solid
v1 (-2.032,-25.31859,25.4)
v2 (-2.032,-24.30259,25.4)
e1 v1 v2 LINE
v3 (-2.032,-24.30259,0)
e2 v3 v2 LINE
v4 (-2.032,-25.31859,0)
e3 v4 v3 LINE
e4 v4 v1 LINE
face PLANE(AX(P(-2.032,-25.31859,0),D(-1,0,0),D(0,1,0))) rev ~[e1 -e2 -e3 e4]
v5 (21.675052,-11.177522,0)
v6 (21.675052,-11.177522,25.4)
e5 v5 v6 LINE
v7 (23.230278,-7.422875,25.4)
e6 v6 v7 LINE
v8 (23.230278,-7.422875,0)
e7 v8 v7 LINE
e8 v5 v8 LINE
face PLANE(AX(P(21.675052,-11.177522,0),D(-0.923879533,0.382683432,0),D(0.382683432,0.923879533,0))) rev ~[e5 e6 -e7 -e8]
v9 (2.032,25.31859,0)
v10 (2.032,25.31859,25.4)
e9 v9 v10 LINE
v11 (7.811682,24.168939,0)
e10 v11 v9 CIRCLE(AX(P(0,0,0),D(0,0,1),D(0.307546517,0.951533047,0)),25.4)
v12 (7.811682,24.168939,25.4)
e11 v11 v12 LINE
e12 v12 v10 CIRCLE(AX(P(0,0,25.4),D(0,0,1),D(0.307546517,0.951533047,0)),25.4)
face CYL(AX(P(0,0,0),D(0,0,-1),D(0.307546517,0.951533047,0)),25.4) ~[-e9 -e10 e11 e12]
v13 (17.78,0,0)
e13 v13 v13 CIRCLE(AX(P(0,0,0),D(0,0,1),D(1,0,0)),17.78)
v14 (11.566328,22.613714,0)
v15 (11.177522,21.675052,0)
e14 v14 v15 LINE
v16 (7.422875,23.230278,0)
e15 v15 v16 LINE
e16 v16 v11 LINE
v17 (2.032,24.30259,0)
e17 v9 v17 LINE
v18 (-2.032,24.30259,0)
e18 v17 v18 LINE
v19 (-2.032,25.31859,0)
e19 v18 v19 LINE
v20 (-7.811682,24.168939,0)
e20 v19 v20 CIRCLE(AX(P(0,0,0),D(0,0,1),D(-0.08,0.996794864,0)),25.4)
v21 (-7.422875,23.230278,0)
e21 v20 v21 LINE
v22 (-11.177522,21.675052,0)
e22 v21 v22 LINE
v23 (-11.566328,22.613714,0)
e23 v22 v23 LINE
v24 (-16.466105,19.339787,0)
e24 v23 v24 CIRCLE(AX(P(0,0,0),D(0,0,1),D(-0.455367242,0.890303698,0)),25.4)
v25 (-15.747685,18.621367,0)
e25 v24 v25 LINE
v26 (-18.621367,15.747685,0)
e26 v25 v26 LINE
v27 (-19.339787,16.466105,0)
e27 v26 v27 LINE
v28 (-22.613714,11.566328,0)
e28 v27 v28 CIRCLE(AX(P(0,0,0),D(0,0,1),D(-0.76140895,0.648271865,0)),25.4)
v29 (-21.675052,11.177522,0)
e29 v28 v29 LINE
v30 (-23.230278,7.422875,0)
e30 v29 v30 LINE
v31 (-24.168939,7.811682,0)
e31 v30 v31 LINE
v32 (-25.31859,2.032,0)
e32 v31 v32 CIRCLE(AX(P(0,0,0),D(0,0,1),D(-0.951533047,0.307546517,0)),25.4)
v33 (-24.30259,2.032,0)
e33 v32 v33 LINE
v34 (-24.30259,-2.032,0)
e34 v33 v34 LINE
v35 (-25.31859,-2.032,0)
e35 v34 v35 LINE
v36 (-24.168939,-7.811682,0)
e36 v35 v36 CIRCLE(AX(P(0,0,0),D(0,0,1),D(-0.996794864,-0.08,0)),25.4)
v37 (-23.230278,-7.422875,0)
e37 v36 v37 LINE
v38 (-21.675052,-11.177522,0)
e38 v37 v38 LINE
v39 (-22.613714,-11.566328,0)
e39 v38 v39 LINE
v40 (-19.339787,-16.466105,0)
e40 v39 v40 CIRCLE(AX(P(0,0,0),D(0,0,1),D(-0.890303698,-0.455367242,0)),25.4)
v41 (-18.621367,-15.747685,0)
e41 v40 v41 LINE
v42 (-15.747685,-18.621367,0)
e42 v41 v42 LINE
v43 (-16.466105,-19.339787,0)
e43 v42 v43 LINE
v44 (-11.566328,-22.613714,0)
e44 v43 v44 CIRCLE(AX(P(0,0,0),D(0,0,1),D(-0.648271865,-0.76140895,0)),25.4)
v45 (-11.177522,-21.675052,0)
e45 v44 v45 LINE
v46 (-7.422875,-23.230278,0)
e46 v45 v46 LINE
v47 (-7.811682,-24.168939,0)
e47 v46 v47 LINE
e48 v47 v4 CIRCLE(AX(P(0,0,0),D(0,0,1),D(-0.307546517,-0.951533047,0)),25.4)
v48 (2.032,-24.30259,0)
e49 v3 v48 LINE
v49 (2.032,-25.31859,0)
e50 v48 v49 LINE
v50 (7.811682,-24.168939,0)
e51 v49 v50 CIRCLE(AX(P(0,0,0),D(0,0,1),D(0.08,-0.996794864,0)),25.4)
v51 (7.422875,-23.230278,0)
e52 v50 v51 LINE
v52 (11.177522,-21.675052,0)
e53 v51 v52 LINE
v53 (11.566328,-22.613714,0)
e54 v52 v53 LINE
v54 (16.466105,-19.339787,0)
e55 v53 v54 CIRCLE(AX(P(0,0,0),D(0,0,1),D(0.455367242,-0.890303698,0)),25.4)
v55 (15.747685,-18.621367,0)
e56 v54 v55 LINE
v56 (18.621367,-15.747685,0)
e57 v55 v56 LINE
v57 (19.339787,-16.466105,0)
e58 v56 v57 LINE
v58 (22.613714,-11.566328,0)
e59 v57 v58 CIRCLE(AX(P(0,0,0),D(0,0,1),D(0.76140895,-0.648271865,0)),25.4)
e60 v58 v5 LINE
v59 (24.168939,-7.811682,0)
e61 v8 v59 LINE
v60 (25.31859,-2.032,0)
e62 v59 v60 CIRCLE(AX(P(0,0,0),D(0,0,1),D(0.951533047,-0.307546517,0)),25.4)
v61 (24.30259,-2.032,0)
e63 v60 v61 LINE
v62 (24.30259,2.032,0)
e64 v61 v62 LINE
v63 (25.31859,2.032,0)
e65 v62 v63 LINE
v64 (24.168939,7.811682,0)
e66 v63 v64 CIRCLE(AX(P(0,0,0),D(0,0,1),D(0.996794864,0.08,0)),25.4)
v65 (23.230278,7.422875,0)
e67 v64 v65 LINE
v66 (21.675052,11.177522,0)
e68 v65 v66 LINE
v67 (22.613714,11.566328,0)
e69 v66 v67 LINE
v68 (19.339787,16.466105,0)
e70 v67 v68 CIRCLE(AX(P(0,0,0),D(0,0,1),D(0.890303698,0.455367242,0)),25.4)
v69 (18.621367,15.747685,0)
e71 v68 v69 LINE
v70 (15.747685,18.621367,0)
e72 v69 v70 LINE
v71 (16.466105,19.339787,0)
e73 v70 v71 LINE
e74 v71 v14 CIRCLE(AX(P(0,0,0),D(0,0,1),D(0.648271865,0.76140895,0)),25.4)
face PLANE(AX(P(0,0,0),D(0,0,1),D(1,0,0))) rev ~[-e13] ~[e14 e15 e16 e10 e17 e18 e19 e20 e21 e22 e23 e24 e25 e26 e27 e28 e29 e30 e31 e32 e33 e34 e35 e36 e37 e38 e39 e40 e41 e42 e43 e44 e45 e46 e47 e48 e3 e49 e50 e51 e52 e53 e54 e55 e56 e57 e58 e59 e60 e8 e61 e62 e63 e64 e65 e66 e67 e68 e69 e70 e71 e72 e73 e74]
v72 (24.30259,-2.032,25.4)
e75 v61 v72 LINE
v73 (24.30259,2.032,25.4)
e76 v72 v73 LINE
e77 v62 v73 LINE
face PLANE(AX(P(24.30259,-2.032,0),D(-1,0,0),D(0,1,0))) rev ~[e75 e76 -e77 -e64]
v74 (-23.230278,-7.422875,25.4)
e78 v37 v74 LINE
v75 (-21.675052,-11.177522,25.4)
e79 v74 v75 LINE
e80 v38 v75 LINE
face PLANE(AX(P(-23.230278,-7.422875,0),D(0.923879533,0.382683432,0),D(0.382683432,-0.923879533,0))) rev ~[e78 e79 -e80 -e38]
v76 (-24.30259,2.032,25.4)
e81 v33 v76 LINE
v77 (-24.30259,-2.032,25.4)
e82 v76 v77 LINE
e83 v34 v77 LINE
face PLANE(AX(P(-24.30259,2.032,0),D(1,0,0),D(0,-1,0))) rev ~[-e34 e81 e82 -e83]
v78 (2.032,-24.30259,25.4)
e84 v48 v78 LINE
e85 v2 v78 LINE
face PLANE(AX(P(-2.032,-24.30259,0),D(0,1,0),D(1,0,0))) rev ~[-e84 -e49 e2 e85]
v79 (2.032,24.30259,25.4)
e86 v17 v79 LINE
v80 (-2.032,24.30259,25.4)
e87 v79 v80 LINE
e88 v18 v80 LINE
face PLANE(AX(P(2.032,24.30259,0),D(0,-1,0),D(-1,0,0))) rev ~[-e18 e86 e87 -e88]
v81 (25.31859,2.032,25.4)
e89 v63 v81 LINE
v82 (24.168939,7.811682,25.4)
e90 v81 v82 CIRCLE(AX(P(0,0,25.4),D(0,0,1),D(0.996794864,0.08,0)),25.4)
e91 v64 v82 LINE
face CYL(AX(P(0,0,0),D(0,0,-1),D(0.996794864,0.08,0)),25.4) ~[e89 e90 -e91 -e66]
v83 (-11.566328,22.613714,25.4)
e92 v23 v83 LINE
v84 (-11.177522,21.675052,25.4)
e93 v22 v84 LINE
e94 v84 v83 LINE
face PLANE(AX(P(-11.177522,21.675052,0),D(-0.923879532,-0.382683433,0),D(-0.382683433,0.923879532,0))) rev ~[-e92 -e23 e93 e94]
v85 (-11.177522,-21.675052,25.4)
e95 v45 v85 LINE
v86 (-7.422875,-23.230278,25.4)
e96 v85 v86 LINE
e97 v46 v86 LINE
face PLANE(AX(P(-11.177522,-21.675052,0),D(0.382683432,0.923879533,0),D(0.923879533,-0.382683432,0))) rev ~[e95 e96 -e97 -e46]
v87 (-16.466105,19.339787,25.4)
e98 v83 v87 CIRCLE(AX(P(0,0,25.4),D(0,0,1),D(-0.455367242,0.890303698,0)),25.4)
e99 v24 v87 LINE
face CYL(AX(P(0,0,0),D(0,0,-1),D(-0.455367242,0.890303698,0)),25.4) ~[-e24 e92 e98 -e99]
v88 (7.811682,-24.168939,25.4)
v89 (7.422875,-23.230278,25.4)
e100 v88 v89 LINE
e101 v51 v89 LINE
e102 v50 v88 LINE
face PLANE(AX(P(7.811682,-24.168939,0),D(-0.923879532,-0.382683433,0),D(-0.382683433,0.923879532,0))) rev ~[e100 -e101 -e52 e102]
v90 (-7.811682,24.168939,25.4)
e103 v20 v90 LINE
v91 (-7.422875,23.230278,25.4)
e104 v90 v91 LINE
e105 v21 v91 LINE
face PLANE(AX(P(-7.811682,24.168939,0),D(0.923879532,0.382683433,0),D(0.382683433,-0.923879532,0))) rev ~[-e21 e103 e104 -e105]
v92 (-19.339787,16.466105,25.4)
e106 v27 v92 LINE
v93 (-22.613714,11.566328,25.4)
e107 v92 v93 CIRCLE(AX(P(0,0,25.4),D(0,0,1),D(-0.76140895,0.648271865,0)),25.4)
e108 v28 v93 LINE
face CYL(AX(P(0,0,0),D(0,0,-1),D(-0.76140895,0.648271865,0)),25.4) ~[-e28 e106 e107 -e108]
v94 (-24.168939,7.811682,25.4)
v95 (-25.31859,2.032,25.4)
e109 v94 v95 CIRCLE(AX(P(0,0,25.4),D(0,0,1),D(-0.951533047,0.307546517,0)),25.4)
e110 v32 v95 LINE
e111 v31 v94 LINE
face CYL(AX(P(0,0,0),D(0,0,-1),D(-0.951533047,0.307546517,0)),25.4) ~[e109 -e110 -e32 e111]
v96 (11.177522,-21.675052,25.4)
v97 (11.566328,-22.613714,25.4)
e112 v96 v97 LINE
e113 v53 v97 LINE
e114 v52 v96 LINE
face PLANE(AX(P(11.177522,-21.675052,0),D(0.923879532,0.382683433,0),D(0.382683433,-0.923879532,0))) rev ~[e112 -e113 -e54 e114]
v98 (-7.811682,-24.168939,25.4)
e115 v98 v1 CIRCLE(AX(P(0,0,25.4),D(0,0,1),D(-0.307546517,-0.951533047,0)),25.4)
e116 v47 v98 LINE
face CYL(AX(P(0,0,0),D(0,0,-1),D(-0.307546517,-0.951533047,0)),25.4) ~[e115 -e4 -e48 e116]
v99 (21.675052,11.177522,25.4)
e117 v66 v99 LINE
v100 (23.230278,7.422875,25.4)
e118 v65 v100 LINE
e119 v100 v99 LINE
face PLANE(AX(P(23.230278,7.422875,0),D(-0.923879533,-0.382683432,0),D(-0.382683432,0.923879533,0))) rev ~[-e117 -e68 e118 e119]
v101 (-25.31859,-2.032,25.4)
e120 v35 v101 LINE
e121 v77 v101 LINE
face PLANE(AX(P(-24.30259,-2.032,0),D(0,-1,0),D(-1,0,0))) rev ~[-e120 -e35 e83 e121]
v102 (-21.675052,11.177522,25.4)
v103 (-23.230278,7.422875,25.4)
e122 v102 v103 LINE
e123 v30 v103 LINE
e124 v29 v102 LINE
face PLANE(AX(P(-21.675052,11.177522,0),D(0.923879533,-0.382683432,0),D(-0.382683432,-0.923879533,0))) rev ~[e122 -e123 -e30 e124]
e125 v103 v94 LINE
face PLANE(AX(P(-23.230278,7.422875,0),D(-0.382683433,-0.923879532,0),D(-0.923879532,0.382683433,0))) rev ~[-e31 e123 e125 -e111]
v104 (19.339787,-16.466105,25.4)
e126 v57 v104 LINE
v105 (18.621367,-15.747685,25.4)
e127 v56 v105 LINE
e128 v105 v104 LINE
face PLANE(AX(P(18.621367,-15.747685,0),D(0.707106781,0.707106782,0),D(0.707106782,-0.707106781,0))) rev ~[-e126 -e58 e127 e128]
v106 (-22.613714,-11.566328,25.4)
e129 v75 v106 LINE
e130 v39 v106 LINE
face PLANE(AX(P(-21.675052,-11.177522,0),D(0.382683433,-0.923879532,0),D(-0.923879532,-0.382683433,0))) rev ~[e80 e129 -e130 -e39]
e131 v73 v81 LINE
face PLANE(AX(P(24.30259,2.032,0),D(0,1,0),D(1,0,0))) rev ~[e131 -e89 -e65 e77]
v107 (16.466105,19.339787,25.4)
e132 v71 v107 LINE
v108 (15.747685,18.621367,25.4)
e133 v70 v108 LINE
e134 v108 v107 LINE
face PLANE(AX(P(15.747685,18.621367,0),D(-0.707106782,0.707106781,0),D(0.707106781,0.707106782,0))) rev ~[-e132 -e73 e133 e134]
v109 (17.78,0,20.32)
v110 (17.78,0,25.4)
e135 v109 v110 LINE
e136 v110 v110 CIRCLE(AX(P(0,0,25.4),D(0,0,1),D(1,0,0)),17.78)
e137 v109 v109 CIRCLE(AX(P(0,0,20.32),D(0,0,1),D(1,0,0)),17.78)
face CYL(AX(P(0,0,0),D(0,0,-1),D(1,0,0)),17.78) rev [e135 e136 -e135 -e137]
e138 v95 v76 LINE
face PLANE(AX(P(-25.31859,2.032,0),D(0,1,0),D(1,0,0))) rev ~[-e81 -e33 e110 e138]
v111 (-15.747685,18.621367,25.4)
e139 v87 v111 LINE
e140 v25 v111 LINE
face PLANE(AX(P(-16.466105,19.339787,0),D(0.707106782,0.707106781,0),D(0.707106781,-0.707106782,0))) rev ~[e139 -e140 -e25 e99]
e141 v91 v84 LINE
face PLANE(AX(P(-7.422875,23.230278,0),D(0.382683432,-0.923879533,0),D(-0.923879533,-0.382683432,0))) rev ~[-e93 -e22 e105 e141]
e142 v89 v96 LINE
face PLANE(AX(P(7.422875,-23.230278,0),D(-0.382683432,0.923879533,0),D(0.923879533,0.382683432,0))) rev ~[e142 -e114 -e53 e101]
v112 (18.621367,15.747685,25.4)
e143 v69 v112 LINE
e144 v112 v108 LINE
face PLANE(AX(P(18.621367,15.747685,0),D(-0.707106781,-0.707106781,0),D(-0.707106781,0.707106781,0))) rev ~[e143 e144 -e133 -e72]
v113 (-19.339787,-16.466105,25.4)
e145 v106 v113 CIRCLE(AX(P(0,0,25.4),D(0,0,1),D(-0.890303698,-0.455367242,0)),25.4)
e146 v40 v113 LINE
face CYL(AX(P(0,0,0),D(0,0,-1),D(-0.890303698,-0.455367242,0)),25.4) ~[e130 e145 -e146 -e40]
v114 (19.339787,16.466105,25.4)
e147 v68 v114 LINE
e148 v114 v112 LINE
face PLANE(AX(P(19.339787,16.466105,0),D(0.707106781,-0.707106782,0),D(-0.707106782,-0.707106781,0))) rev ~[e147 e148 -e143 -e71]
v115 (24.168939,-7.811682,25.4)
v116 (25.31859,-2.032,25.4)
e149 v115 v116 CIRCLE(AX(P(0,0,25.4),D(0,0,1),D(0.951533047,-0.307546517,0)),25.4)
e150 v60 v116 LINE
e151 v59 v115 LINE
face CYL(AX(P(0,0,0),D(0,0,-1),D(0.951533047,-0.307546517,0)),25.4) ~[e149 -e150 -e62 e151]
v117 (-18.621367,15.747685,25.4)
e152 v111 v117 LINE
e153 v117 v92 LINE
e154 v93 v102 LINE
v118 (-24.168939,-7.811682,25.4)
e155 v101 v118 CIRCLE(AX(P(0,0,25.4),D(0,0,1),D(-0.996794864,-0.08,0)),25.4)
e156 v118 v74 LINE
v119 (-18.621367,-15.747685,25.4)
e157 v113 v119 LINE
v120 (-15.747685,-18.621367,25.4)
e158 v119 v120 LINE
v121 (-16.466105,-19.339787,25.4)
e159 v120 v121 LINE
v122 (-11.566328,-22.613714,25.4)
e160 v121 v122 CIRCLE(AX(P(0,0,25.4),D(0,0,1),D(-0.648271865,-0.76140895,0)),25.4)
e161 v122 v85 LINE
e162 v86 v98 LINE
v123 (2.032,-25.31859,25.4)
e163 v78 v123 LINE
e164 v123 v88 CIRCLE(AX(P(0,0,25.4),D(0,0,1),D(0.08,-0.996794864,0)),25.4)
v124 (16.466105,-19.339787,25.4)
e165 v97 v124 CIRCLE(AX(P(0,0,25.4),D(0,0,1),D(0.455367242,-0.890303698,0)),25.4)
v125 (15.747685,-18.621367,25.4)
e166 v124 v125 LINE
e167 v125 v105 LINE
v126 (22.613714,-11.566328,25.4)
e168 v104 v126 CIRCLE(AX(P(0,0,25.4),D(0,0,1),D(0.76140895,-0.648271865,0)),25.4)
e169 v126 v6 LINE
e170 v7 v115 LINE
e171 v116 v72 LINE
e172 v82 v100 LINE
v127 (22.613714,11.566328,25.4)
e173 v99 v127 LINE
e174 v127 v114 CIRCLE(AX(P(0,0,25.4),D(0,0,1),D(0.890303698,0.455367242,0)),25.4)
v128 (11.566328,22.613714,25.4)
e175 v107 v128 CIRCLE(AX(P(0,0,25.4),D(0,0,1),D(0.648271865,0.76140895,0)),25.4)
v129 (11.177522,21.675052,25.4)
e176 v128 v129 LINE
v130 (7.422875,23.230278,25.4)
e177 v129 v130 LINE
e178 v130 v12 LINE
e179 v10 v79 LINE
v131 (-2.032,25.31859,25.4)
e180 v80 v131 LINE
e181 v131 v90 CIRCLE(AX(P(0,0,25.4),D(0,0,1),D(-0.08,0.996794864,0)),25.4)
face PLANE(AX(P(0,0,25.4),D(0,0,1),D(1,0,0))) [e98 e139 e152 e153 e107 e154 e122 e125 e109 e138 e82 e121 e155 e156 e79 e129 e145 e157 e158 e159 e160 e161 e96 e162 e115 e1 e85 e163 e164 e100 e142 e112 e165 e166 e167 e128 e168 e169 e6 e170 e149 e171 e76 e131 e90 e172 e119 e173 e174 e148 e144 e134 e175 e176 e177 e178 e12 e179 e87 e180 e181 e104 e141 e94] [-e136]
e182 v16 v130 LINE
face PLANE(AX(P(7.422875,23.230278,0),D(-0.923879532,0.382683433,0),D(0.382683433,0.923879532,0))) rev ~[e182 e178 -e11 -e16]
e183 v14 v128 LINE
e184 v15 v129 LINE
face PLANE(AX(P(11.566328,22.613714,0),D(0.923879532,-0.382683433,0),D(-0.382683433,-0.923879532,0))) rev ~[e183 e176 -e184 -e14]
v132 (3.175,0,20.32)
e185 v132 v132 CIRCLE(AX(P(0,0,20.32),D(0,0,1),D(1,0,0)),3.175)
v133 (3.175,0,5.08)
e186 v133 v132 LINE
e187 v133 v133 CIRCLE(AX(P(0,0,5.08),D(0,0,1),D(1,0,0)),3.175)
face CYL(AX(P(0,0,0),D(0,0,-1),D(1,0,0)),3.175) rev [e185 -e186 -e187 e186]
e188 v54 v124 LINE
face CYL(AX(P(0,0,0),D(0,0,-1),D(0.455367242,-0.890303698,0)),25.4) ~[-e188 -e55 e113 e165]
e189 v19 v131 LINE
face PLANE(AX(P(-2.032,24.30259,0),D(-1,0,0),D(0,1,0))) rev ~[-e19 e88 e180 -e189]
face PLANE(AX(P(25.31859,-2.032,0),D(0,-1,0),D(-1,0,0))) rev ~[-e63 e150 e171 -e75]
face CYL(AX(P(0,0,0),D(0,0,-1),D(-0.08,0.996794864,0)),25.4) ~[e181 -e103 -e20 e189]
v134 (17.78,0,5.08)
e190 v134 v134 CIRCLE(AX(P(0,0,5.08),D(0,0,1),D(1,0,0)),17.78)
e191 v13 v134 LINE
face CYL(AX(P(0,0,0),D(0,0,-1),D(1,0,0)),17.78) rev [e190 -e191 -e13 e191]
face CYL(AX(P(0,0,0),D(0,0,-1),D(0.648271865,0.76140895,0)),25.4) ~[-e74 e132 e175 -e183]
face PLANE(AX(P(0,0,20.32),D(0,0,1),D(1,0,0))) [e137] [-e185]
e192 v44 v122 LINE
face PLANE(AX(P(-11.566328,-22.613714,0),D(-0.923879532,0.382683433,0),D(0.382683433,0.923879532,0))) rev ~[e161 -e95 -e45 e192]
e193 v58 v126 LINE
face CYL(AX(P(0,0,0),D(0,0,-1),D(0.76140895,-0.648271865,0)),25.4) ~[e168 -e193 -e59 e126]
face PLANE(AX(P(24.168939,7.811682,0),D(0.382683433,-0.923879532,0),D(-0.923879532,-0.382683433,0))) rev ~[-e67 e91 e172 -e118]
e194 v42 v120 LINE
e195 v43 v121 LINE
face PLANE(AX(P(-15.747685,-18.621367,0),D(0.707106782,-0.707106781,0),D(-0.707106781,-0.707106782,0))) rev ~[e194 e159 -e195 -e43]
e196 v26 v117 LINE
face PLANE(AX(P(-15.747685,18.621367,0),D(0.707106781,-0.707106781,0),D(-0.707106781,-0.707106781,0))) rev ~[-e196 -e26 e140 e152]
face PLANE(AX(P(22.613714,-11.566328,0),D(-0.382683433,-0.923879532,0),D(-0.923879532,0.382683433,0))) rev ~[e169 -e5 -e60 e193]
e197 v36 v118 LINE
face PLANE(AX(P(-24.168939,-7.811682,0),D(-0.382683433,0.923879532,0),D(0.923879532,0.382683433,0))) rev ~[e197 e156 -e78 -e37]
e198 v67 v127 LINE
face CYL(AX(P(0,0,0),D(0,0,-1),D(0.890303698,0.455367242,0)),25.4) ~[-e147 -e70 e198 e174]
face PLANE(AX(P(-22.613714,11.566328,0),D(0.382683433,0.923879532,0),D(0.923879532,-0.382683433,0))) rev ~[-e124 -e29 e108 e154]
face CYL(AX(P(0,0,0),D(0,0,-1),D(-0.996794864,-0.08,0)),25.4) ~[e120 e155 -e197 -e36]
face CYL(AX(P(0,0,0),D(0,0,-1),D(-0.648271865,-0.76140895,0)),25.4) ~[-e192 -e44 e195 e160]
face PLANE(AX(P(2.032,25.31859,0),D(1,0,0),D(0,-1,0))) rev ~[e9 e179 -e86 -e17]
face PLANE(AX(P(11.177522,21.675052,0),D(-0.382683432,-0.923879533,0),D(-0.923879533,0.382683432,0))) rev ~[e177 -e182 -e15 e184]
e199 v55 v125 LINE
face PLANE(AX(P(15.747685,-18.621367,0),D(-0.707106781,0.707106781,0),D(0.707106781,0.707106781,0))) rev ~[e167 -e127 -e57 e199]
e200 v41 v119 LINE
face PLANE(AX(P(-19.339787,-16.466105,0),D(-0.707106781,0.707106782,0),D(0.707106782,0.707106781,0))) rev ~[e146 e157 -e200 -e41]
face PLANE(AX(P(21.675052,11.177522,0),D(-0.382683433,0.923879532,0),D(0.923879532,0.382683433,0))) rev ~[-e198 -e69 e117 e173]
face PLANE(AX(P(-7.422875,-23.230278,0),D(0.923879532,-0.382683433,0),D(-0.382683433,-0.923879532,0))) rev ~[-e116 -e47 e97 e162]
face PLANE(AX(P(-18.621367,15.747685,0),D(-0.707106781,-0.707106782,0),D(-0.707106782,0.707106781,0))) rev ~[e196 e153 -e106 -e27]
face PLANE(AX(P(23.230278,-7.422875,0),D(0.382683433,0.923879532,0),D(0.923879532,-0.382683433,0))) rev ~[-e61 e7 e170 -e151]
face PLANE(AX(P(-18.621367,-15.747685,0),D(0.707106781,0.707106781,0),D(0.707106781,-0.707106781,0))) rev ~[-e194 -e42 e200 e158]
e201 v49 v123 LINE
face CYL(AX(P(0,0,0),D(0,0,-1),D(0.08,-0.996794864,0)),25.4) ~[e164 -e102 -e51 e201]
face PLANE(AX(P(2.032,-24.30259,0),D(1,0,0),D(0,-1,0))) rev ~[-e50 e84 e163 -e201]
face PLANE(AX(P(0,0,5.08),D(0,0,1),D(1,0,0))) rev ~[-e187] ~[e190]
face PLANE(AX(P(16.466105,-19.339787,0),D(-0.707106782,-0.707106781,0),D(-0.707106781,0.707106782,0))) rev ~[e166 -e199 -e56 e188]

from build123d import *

# Parameters (mm, degrees)
SKETCH1_R           = 17.78
BOSS_EXTRUDE2_DEPTH = 25.4
SKETCH1_3_R         = 17.78
SKETCH1_3_R_2       = 3.175
BOSS_EXTRUDE3_DEPTH = 20.32
SKETCH1_4_R         = 17.78
SKETCH1_4_R_2       = 3.175
CUT_EXTRUDE1_DEPTH  = 5.08


with BuildPart() as part:
    # Sketch1 → Boss-Extrude2 (new body)
    with BuildSketch(Plane.XY):
        with BuildLine():
            Line((11.566327956, 22.613713928), (11.177521588, 21.675052323))
            Line((11.177521588, 21.675052323), (7.422875168, 23.230277792))
            Line((7.422875168, 23.230277792), (7.811681536, 24.168939397))
            ThreePointArc((7.811681536, 24.168939397), (4.955294179, 24.911946122), (2.032, 25.318589534))
            Line((2.032, 25.318589534), (2.032, 24.302589534))
            Line((2.032, 24.302589534), (-2.032, 24.302589534))
            Line((-2.032, 24.302589534), (-2.032, 25.318589534))
            ThreePointArc((-2.032, 25.318589534), (-4.955294179, 24.911946122), (-7.811681536, 24.168939397))
            Line((-7.811681536, 24.168939397), (-7.422875168, 23.230277792))
            Line((-7.422875168, 23.230277792), (-11.177521588, 21.675052323))
            Line((-11.177521588, 21.675052323), (-11.566327956, 22.613713928))
            ThreePointArc((-11.566327956, 22.613713928), (-14.111483919, 21.119328152), (-16.46610537, 19.339787329))
            Line((-16.46610537, 19.339787329), (-15.747684881, 18.621366839))
            Line((-15.747684881, 18.621366839), (-18.621366839, 15.747684881))
            Line((-18.621366839, 15.747684881), (-19.339787329, 16.46610537))
            ThreePointArc((-19.339787329, 16.46610537), (-21.119328152, 14.111483919), (-22.613713928, 11.566327956))
            Line((-22.613713928, 11.566327956), (-21.675052323, 11.177521588))
            Line((-21.675052323, 11.177521588), (-23.230277792, 7.422875168))
            Line((-23.230277792, 7.422875168), (-24.168939397, 7.811681536))
            ThreePointArc((-24.168939397, 7.811681536), (-24.911946122, 4.955294179), (-25.318589534, 2.032))
            Line((-25.318589534, 2.032), (-24.302589534, 2.032))
            Line((-24.302589534, 2.032), (-24.302589534, -2.032))
            Line((-24.302589534, -2.032), (-25.318589534, -2.032))
            ThreePointArc((-25.318589534, -2.032), (-24.911946122, -4.955294179), (-24.168939397, -7.811681536))
            Line((-24.168939397, -7.811681536), (-23.230277792, -7.422875168))
            Line((-23.230277792, -7.422875168), (-21.675052323, -11.177521588))
            Line((-21.675052323, -11.177521588), (-22.613713928, -11.566327956))
            ThreePointArc((-22.613713928, -11.566327956), (-21.119328152, -14.111483919), (-19.339787329, -16.46610537))
            Line((-19.339787329, -16.46610537), (-18.621366839, -15.747684881))
            Line((-18.621366839, -15.747684881), (-15.747684881, -18.621366839))
            Line((-15.747684881, -18.621366839), (-16.46610537, -19.339787329))
            ThreePointArc((-16.46610537, -19.339787329), (-14.111483919, -21.119328152), (-11.566327956, -22.613713928))
            Line((-11.566327956, -22.613713928), (-11.177521588, -21.675052323))
            Line((-11.177521588, -21.675052323), (-7.422875168, -23.230277792))
            Line((-7.422875168, -23.230277792), (-7.811681536, -24.168939397))
            ThreePointArc((-7.811681536, -24.168939397), (-4.955294179, -24.911946122), (-2.032, -25.318589534))
            Line((-2.032, -25.318589534), (-2.032, -24.302589534))
            Line((-2.032, -24.302589534), (2.032, -24.302589534))
            Line((2.032, -24.302589534), (2.032, -25.318589534))
            ThreePointArc((2.032, -25.318589534), (4.955294179, -24.911946122), (7.811681536, -24.168939397))
            Line((7.811681536, -24.168939397), (7.422875168, -23.230277792))
            Line((7.422875168, -23.230277792), (11.177521588, -21.675052323))
            Line((11.177521588, -21.675052323), (11.566327956, -22.613713928))
            ThreePointArc((11.566327956, -22.613713928), (14.111483919, -21.119328152), (16.46610537, -19.339787329))
            Line((16.46610537, -19.339787329), (15.747684881, -18.621366839))
            Line((15.747684881, -18.621366839), (18.621366839, -15.747684881))
            Line((18.621366839, -15.747684881), (19.339787329, -16.46610537))
            ThreePointArc((19.339787329, -16.46610537), (21.119328152, -14.111483919), (22.613713928, -11.566327956))
            Line((22.613713928, -11.566327956), (21.675052323, -11.177521588))
            Line((21.675052323, -11.177521588), (23.230277792, -7.422875168))
            Line((23.230277792, -7.422875168), (24.168939397, -7.811681536))
            ThreePointArc((24.168939397, -7.811681536), (24.911946122, -4.955294179), (25.318589534, -2.032))
            Line((25.318589534, -2.032), (24.302589534, -2.032))
            Line((24.302589534, -2.032), (24.302589534, 2.032))
            Line((24.302589534, 2.032), (25.318589534, 2.032))
            ThreePointArc((25.318589534, 2.032), (24.911946122, 4.955294179), (24.168939397, 7.811681536))
            Line((24.168939397, 7.811681536), (23.230277792, 7.422875168))
            Line((23.230277792, 7.422875168), (21.675052323, 11.177521588))
            Line((21.675052323, 11.177521588), (22.613713928, 11.566327956))
            ThreePointArc((22.613713928, 11.566327956), (21.119328152, 14.111483919), (19.339787329, 16.46610537))
            Line((19.339787329, 16.46610537), (18.621366839, 15.747684881))
            Line((18.621366839, 15.747684881), (15.747684881, 18.621366839))
            Line((15.747684881, 18.621366839), (16.46610537, 19.339787329))
            ThreePointArc((16.46610537, 19.339787329), (14.111483919, 21.119328152), (11.566327956, 22.613713928))
        make_face()
        Circle(SKETCH1_R, mode=Mode.SUBTRACT)
    extrude(amount=BOSS_EXTRUDE2_DEPTH)

    # Sketch1<3> → Boss-Extrude3 (add)
    with BuildSketch(Plane.XY):
        Circle(SKETCH1_3_R)
        Circle(SKETCH1_3_R_2, mode=Mode.SUBTRACT)
    extrude(amount=BOSS_EXTRUDE3_DEPTH)

    # Sketch1<4> → Cut-Extrude1 (cut)
    with BuildSketch(Plane.XY):
        Circle(SKETCH1_4_R)
        Circle(SKETCH1_4_R_2, mode=Mode.SUBTRACT)
    extrude(amount=CUT_EXTRUDE1_DEPTH, mode=Mode.SUBTRACT)


solid = part.part
